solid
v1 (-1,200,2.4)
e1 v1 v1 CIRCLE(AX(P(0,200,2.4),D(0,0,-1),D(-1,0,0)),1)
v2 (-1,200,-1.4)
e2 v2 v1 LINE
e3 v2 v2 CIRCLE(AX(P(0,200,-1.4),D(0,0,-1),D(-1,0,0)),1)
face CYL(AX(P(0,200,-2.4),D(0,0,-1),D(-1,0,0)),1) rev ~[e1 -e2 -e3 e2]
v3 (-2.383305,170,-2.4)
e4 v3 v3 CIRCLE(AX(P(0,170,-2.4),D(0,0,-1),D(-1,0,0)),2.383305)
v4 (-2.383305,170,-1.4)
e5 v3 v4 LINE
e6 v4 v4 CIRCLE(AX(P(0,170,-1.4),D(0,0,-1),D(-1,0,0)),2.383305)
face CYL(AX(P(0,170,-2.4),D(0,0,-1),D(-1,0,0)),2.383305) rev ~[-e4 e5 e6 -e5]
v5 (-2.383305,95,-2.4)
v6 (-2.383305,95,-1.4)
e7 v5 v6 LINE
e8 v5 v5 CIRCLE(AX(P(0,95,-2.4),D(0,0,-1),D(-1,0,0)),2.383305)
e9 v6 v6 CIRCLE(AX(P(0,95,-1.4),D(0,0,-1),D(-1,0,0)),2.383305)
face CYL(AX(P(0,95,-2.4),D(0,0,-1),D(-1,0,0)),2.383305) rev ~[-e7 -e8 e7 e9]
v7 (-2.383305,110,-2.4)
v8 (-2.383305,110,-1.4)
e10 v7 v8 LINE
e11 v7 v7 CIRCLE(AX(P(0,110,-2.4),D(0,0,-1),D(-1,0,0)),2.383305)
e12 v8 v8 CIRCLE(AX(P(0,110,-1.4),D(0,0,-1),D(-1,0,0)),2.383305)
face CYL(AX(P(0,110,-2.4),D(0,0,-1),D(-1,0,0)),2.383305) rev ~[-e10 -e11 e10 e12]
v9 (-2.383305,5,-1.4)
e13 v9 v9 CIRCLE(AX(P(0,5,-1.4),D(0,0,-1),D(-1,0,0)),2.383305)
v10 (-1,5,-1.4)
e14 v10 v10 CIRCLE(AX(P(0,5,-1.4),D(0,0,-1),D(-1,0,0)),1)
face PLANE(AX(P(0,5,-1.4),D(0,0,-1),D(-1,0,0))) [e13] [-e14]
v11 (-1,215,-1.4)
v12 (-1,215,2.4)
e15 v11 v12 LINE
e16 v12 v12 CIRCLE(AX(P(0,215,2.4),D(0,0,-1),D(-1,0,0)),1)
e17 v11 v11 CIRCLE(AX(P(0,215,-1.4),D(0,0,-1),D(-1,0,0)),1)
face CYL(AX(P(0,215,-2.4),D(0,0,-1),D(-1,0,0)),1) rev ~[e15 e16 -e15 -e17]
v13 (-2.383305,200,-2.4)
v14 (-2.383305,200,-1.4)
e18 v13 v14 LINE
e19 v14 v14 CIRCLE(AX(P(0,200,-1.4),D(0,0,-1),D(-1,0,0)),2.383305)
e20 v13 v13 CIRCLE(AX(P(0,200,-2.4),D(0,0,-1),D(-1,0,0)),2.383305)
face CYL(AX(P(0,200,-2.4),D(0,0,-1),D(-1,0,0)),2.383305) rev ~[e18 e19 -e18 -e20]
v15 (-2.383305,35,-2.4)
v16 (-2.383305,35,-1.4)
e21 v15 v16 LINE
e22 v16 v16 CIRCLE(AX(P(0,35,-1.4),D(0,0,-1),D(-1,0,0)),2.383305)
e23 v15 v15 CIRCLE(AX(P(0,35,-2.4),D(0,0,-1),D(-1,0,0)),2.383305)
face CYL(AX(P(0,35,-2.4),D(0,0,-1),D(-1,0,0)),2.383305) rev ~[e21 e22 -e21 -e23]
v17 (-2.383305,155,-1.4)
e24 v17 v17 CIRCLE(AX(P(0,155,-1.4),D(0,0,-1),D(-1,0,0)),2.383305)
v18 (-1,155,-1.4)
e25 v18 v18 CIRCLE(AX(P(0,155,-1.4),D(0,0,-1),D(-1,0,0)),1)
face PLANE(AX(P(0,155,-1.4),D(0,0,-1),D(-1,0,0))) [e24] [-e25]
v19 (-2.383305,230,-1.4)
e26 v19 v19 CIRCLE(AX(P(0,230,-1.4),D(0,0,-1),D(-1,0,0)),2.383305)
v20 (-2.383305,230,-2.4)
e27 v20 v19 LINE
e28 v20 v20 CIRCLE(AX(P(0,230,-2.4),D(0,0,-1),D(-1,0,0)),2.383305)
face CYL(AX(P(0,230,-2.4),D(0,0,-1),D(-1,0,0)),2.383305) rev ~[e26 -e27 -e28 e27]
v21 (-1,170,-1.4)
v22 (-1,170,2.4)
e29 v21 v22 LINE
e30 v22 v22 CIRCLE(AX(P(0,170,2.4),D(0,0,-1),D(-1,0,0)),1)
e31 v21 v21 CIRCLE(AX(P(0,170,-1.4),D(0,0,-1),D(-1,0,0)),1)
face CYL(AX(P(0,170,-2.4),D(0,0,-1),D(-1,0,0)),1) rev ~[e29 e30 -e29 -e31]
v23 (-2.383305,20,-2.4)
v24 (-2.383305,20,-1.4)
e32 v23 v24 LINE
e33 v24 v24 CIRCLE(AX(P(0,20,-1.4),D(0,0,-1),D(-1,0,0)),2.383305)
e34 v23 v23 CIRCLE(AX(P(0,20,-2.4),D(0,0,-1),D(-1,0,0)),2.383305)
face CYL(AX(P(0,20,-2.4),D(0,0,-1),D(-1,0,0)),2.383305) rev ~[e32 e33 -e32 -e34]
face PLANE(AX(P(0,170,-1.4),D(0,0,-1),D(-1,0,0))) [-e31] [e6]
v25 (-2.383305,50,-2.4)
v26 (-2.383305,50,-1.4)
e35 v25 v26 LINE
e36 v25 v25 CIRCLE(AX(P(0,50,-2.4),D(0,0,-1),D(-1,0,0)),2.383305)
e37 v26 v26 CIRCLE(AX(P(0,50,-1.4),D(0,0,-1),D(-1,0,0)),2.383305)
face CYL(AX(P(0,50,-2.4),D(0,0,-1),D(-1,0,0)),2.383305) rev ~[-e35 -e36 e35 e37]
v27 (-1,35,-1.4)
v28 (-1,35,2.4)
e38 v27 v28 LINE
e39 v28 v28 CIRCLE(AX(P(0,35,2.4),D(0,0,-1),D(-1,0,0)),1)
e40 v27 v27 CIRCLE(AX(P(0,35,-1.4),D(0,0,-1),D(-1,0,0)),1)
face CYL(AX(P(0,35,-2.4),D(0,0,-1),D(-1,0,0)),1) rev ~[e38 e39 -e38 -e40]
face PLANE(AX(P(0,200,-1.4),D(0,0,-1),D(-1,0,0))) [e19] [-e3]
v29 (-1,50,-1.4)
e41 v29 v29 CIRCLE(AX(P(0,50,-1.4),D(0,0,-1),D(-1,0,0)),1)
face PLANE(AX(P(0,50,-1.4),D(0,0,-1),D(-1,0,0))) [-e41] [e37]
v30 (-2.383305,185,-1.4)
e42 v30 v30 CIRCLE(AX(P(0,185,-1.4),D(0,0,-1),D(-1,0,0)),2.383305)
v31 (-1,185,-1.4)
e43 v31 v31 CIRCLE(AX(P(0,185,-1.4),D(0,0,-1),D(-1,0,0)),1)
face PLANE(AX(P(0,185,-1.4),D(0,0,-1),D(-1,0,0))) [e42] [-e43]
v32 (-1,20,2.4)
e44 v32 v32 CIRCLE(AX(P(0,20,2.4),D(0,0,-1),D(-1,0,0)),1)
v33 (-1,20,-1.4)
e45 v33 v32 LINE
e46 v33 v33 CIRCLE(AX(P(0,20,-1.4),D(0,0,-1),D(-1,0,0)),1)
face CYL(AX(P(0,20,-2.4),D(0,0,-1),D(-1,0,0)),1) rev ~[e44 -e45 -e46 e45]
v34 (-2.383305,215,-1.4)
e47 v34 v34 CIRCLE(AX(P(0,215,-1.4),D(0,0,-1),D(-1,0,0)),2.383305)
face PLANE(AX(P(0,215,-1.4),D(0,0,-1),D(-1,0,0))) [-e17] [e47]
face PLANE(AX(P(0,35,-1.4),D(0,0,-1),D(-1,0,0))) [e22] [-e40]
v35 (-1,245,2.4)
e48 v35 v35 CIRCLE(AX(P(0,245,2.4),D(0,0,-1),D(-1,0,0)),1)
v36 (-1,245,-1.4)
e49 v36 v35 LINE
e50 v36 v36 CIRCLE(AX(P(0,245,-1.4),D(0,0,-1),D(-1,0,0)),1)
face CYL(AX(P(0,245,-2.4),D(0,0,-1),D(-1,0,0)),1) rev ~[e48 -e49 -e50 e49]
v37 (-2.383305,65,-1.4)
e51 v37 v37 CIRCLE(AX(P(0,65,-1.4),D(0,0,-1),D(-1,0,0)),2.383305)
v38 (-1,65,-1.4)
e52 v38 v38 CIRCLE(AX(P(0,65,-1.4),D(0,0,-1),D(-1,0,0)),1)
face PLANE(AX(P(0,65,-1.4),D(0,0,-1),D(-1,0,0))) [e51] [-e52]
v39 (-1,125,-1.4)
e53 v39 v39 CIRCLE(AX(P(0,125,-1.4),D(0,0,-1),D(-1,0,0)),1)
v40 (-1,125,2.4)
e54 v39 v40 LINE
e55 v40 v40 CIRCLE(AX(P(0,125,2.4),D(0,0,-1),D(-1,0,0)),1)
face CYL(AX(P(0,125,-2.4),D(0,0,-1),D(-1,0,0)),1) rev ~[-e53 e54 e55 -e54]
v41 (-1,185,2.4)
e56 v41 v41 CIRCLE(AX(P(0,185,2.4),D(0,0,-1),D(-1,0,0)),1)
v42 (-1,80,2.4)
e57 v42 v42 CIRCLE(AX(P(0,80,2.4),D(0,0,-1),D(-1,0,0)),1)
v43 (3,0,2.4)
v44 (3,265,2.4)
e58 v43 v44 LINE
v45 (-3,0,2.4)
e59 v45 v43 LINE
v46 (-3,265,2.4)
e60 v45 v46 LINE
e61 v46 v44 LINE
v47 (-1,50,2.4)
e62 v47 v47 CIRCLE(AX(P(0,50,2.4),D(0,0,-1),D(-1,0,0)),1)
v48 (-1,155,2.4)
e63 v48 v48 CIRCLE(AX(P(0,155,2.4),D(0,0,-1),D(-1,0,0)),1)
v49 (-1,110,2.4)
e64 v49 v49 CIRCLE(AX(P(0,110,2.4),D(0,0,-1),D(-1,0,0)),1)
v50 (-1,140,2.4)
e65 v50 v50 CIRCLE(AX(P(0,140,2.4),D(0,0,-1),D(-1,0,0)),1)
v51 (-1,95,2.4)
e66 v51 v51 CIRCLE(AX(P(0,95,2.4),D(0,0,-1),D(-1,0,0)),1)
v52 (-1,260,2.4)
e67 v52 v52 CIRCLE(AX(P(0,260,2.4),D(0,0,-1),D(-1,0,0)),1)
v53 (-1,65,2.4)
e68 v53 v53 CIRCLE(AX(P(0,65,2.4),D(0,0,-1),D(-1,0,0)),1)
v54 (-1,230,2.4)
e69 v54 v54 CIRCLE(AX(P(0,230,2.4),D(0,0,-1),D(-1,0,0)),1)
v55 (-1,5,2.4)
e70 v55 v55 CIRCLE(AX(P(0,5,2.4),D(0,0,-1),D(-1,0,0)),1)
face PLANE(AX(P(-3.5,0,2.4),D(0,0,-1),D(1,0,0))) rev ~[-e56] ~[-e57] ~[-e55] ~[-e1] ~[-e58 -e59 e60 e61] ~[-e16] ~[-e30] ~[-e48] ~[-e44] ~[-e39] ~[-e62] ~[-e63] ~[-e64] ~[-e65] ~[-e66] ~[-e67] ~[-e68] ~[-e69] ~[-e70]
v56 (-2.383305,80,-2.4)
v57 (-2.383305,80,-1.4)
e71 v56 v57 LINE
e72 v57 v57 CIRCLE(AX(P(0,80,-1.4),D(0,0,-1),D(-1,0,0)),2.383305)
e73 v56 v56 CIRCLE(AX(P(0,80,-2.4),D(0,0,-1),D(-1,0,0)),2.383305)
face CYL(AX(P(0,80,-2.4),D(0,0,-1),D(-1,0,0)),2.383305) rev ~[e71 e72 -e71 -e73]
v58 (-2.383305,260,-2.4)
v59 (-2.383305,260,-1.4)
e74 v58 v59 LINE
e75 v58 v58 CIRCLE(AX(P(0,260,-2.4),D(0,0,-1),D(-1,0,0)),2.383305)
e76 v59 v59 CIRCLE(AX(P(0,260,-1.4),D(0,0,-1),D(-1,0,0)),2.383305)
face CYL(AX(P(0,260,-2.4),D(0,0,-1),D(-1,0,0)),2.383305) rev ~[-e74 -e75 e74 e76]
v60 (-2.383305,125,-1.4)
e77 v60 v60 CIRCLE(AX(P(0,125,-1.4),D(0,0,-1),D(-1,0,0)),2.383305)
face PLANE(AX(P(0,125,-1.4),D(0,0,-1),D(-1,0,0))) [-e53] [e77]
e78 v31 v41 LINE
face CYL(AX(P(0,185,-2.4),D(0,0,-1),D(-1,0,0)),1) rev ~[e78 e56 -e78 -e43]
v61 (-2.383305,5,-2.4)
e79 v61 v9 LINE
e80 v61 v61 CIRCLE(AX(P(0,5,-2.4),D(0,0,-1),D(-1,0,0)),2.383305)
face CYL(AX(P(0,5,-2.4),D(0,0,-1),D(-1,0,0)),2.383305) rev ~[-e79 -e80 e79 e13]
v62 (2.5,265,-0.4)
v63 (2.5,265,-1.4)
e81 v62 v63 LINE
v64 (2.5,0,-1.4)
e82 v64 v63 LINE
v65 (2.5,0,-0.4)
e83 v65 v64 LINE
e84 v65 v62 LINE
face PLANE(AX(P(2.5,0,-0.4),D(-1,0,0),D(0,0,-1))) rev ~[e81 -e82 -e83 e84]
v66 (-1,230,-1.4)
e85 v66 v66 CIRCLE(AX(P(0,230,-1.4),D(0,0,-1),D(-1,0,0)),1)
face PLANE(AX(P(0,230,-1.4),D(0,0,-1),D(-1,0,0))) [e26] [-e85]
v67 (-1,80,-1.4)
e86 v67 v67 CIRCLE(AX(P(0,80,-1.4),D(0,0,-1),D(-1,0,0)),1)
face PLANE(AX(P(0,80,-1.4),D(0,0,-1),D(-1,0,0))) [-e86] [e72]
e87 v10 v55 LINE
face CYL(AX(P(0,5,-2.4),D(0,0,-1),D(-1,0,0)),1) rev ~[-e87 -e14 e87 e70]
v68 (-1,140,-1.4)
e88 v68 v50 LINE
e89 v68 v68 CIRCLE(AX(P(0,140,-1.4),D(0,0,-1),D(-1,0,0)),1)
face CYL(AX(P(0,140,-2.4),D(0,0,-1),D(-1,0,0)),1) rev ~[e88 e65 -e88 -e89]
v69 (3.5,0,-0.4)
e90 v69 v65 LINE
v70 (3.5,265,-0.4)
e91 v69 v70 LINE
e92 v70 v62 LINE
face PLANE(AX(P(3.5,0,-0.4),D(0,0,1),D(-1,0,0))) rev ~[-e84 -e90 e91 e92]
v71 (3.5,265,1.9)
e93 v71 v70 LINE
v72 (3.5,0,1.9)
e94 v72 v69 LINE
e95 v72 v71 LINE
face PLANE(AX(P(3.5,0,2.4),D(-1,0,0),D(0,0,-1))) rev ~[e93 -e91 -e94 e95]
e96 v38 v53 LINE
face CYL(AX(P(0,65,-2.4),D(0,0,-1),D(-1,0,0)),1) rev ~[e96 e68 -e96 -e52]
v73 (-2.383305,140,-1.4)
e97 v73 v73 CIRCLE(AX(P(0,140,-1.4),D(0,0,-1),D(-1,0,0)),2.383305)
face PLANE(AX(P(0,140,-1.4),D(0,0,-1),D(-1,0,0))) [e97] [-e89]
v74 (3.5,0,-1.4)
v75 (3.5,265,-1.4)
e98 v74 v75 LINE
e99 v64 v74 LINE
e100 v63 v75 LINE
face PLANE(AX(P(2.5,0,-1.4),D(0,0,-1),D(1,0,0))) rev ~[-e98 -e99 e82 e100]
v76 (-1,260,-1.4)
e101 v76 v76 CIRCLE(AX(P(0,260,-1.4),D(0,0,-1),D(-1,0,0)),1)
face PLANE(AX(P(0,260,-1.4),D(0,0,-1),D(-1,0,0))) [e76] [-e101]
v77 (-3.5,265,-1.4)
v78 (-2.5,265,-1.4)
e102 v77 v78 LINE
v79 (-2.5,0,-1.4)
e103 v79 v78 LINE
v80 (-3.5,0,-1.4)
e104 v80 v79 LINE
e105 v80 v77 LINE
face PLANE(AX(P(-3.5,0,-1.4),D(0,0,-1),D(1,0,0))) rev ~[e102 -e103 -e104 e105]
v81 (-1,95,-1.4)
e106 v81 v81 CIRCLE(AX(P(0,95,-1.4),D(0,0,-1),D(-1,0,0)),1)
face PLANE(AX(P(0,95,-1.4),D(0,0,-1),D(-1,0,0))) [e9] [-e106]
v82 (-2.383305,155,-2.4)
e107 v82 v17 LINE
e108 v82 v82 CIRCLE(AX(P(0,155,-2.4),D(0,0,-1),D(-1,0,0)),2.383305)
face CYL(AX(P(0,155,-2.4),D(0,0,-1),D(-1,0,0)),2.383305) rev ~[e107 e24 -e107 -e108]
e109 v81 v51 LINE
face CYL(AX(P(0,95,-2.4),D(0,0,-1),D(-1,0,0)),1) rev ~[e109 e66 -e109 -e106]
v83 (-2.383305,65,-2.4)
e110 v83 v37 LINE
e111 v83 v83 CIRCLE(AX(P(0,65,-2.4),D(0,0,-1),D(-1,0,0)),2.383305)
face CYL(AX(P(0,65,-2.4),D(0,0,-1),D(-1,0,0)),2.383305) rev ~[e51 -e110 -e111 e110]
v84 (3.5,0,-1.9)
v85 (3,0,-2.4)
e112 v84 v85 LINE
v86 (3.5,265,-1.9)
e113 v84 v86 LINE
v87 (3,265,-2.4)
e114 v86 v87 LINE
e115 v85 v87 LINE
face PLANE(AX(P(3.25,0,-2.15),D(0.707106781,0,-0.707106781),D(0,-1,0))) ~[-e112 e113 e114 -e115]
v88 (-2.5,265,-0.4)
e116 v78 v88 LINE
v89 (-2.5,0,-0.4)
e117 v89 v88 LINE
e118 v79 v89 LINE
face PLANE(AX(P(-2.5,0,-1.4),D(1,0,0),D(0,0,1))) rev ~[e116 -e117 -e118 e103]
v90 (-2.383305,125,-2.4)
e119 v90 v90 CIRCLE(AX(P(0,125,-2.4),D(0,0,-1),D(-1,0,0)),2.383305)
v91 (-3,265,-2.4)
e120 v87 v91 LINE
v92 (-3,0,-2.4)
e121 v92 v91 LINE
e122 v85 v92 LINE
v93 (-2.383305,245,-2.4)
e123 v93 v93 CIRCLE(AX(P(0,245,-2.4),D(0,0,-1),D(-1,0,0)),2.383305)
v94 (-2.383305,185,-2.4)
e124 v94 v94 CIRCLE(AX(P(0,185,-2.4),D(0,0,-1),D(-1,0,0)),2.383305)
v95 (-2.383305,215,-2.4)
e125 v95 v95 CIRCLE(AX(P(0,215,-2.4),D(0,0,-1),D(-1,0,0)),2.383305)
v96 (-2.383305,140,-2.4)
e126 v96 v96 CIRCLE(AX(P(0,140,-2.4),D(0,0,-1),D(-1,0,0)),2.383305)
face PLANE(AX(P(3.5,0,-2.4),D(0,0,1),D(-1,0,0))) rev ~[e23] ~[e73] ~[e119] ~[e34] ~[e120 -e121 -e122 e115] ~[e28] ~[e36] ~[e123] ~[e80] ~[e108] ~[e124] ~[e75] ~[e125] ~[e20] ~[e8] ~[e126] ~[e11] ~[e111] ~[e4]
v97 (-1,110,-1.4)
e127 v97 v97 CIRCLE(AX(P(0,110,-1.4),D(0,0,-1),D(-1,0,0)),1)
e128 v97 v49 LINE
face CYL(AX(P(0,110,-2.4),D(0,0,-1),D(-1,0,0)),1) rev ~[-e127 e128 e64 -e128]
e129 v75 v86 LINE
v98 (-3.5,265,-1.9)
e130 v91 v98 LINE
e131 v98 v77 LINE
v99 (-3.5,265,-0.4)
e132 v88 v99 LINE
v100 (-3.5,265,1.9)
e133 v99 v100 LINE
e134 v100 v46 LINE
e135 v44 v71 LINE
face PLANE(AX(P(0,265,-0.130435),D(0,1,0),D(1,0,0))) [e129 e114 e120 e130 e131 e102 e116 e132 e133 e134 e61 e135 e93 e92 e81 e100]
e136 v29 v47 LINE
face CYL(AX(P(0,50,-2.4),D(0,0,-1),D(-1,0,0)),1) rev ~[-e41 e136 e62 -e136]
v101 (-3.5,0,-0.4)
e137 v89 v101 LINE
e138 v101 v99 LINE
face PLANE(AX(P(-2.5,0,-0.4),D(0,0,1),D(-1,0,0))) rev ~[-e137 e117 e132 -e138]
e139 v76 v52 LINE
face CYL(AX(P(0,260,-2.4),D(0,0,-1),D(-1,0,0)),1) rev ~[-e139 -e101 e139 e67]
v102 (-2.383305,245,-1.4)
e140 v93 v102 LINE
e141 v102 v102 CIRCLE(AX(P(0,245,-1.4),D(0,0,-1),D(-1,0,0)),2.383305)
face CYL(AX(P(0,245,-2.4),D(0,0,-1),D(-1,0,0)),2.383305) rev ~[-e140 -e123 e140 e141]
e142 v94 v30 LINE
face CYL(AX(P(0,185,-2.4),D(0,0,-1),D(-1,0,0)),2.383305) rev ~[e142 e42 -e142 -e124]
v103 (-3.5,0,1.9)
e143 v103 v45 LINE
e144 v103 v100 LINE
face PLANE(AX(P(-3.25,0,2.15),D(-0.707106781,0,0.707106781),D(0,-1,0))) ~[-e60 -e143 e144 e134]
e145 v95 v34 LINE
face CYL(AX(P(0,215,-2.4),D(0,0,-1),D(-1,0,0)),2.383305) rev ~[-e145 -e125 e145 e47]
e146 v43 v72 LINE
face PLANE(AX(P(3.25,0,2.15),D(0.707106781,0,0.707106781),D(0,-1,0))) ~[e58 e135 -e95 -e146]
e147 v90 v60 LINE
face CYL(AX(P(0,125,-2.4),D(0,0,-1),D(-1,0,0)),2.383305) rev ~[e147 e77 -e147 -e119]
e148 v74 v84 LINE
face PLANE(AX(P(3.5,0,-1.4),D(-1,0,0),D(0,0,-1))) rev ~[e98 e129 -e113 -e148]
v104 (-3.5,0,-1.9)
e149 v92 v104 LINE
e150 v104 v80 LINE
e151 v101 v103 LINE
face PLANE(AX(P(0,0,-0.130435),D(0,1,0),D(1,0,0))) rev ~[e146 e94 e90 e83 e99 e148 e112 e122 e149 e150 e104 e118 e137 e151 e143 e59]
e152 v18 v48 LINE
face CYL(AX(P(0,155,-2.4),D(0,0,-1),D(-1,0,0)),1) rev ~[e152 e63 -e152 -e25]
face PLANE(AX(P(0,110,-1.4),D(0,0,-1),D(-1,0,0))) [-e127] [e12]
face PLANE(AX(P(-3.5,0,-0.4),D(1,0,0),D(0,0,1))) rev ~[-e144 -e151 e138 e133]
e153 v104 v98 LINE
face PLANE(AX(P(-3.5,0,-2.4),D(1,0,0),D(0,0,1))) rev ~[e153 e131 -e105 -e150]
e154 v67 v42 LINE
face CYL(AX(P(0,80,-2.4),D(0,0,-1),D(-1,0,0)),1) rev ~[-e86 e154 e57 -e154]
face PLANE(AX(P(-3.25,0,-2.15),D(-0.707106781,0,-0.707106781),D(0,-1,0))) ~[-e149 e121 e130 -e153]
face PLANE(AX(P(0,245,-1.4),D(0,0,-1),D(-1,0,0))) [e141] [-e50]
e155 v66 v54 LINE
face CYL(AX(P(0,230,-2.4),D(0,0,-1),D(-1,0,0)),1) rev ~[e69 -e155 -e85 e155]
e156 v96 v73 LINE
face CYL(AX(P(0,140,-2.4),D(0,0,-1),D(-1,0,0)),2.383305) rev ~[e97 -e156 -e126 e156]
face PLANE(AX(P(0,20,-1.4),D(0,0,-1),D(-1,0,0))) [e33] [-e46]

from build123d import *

# Parameters (mm, degrees)
EXTRUDE_1_DEPTH     = 265
SKETCH_2_R          = 1
CUT_EXTRUDE_1_DEPTH = 10
CHAMFER_1_SIZE      = 0.5
SKETCH_3_R          = 2.383304988
CUT_EXTRUDE_2_DEPTH = 1


with BuildPart() as part:
    # 草图1 → 凸台-拉伸1 (new body)
    with BuildSketch(Plane(origin=(0, 0, 0), x_dir=(1, 0, 0), z_dir=(0, 1, 0))):
        Polygon((-3.5, 0.4), (-3.5, -2.4), (3.5, -2.4), (3.5, 0.4), (2.5, 0.4), (2.5, 1.4), (3.5, 1.4), (3.5, 2.4), (-3.5, 2.4), (-3.5, 1.4), (-2.5, 1.4), (-2.5, 0.4), align=None)
    extrude(amount=EXTRUDE_1_DEPTH)

    # 草图2 → 切除-拉伸1 (cut)
    with BuildSketch(Plane(origin=(0, 0, -2.4), x_dir=(-1, 0, 0), z_dir=(0, 0, -1))):
        with Locations((0, 5)):
            Circle(SKETCH_2_R)
        with Locations((0, 20)):
            Circle(SKETCH_2_R)
        with Locations((0, 35)):
            Circle(SKETCH_2_R)
        with Locations((0, 50)):
            Circle(SKETCH_2_R)
        with Locations((0, 65)):
            Circle(SKETCH_2_R)
        with Locations((0, 80)):
            Circle(SKETCH_2_R)
        with Locations((0, 95)):
            Circle(SKETCH_2_R)
        with Locations((0, 110)):
            Circle(SKETCH_2_R)
        with Locations((0, 125)):
            Circle(SKETCH_2_R)
        with Locations((0, 140)):
            Circle(SKETCH_2_R)
        with Locations((0, 155)):
            Circle(SKETCH_2_R)
        with Locations((0, 170)):
            Circle(SKETCH_2_R)
        with Locations((0, 185)):
            Circle(SKETCH_2_R)
        with Locations((0, 200)):
            Circle(SKETCH_2_R)
        with Locations((0, 215)):
            Circle(SKETCH_2_R)
        with Locations((0, 230)):
            Circle(SKETCH_2_R)
        with Locations((0, 245)):
            Circle(SKETCH_2_R)
        with Locations((0, 260)):
            Circle(SKETCH_2_R)
    extrude(amount=-CUT_EXTRUDE_1_DEPTH, mode=Mode.SUBTRACT)

    # 倒角1
    chamfer_1_edges = [part.edges().sort_by_distance(p)[0] for p in [
        (-3.5, 132.5, -2.4),
        (3.5, 132.5, -2.4),
        (3.5, 132.5, 2.4),
        (-3.5, 132.5, 2.4),
    ]]
    chamfer(chamfer_1_edges, length=CHAMFER_1_SIZE)

    # 草图3 → 切除-拉伸2 (cut)
    with BuildSketch(Plane(origin=(0, 0, -2.4), x_dir=(-1, 0, 0), z_dir=(0, 0, -1))):
        with Locations((0, 5)):
            Circle(SKETCH_3_R)
        with Locations((0, 20)):
            Circle(SKETCH_3_R)
        with Locations((0, 35)):
            Circle(SKETCH_3_R)
        with Locations((0, 50)):
            Circle(SKETCH_3_R)
        with Locations((0, 65)):
            Circle(SKETCH_3_R)
        with Locations((0, 80)):
            Circle(SKETCH_3_R)
        with Locations((0, 95)):
            Circle(SKETCH_3_R)
        with Locations((0, 110)):
            Circle(SKETCH_3_R)
        with Locations((0, 125)):
            Circle(SKETCH_3_R)
        with Locations((0, 140)):
            Circle(SKETCH_3_R)
        with Locations((0, 155)):
            Circle(SKETCH_3_R)
        with Locations((0, 170)):
            Circle(SKETCH_3_R)
        with Locations((0, 185)):
            Circle(SKETCH_3_R)
        with Locations((0, 200)):
            Circle(SKETCH_3_R)
        with Locations((0, 215)):
            Circle(SKETCH_3_R)
        with Locations((0, 230)):
            Circle(SKETCH_3_R)
        with Locations((0, 245)):
            Circle(SKETCH_3_R)
        with Locations((0, 260)):
            Circle(SKETCH_3_R)
    extrude(amount=-CUT_EXTRUDE_2_DEPTH, mode=Mode.SUBTRACT)


solid = part.part
